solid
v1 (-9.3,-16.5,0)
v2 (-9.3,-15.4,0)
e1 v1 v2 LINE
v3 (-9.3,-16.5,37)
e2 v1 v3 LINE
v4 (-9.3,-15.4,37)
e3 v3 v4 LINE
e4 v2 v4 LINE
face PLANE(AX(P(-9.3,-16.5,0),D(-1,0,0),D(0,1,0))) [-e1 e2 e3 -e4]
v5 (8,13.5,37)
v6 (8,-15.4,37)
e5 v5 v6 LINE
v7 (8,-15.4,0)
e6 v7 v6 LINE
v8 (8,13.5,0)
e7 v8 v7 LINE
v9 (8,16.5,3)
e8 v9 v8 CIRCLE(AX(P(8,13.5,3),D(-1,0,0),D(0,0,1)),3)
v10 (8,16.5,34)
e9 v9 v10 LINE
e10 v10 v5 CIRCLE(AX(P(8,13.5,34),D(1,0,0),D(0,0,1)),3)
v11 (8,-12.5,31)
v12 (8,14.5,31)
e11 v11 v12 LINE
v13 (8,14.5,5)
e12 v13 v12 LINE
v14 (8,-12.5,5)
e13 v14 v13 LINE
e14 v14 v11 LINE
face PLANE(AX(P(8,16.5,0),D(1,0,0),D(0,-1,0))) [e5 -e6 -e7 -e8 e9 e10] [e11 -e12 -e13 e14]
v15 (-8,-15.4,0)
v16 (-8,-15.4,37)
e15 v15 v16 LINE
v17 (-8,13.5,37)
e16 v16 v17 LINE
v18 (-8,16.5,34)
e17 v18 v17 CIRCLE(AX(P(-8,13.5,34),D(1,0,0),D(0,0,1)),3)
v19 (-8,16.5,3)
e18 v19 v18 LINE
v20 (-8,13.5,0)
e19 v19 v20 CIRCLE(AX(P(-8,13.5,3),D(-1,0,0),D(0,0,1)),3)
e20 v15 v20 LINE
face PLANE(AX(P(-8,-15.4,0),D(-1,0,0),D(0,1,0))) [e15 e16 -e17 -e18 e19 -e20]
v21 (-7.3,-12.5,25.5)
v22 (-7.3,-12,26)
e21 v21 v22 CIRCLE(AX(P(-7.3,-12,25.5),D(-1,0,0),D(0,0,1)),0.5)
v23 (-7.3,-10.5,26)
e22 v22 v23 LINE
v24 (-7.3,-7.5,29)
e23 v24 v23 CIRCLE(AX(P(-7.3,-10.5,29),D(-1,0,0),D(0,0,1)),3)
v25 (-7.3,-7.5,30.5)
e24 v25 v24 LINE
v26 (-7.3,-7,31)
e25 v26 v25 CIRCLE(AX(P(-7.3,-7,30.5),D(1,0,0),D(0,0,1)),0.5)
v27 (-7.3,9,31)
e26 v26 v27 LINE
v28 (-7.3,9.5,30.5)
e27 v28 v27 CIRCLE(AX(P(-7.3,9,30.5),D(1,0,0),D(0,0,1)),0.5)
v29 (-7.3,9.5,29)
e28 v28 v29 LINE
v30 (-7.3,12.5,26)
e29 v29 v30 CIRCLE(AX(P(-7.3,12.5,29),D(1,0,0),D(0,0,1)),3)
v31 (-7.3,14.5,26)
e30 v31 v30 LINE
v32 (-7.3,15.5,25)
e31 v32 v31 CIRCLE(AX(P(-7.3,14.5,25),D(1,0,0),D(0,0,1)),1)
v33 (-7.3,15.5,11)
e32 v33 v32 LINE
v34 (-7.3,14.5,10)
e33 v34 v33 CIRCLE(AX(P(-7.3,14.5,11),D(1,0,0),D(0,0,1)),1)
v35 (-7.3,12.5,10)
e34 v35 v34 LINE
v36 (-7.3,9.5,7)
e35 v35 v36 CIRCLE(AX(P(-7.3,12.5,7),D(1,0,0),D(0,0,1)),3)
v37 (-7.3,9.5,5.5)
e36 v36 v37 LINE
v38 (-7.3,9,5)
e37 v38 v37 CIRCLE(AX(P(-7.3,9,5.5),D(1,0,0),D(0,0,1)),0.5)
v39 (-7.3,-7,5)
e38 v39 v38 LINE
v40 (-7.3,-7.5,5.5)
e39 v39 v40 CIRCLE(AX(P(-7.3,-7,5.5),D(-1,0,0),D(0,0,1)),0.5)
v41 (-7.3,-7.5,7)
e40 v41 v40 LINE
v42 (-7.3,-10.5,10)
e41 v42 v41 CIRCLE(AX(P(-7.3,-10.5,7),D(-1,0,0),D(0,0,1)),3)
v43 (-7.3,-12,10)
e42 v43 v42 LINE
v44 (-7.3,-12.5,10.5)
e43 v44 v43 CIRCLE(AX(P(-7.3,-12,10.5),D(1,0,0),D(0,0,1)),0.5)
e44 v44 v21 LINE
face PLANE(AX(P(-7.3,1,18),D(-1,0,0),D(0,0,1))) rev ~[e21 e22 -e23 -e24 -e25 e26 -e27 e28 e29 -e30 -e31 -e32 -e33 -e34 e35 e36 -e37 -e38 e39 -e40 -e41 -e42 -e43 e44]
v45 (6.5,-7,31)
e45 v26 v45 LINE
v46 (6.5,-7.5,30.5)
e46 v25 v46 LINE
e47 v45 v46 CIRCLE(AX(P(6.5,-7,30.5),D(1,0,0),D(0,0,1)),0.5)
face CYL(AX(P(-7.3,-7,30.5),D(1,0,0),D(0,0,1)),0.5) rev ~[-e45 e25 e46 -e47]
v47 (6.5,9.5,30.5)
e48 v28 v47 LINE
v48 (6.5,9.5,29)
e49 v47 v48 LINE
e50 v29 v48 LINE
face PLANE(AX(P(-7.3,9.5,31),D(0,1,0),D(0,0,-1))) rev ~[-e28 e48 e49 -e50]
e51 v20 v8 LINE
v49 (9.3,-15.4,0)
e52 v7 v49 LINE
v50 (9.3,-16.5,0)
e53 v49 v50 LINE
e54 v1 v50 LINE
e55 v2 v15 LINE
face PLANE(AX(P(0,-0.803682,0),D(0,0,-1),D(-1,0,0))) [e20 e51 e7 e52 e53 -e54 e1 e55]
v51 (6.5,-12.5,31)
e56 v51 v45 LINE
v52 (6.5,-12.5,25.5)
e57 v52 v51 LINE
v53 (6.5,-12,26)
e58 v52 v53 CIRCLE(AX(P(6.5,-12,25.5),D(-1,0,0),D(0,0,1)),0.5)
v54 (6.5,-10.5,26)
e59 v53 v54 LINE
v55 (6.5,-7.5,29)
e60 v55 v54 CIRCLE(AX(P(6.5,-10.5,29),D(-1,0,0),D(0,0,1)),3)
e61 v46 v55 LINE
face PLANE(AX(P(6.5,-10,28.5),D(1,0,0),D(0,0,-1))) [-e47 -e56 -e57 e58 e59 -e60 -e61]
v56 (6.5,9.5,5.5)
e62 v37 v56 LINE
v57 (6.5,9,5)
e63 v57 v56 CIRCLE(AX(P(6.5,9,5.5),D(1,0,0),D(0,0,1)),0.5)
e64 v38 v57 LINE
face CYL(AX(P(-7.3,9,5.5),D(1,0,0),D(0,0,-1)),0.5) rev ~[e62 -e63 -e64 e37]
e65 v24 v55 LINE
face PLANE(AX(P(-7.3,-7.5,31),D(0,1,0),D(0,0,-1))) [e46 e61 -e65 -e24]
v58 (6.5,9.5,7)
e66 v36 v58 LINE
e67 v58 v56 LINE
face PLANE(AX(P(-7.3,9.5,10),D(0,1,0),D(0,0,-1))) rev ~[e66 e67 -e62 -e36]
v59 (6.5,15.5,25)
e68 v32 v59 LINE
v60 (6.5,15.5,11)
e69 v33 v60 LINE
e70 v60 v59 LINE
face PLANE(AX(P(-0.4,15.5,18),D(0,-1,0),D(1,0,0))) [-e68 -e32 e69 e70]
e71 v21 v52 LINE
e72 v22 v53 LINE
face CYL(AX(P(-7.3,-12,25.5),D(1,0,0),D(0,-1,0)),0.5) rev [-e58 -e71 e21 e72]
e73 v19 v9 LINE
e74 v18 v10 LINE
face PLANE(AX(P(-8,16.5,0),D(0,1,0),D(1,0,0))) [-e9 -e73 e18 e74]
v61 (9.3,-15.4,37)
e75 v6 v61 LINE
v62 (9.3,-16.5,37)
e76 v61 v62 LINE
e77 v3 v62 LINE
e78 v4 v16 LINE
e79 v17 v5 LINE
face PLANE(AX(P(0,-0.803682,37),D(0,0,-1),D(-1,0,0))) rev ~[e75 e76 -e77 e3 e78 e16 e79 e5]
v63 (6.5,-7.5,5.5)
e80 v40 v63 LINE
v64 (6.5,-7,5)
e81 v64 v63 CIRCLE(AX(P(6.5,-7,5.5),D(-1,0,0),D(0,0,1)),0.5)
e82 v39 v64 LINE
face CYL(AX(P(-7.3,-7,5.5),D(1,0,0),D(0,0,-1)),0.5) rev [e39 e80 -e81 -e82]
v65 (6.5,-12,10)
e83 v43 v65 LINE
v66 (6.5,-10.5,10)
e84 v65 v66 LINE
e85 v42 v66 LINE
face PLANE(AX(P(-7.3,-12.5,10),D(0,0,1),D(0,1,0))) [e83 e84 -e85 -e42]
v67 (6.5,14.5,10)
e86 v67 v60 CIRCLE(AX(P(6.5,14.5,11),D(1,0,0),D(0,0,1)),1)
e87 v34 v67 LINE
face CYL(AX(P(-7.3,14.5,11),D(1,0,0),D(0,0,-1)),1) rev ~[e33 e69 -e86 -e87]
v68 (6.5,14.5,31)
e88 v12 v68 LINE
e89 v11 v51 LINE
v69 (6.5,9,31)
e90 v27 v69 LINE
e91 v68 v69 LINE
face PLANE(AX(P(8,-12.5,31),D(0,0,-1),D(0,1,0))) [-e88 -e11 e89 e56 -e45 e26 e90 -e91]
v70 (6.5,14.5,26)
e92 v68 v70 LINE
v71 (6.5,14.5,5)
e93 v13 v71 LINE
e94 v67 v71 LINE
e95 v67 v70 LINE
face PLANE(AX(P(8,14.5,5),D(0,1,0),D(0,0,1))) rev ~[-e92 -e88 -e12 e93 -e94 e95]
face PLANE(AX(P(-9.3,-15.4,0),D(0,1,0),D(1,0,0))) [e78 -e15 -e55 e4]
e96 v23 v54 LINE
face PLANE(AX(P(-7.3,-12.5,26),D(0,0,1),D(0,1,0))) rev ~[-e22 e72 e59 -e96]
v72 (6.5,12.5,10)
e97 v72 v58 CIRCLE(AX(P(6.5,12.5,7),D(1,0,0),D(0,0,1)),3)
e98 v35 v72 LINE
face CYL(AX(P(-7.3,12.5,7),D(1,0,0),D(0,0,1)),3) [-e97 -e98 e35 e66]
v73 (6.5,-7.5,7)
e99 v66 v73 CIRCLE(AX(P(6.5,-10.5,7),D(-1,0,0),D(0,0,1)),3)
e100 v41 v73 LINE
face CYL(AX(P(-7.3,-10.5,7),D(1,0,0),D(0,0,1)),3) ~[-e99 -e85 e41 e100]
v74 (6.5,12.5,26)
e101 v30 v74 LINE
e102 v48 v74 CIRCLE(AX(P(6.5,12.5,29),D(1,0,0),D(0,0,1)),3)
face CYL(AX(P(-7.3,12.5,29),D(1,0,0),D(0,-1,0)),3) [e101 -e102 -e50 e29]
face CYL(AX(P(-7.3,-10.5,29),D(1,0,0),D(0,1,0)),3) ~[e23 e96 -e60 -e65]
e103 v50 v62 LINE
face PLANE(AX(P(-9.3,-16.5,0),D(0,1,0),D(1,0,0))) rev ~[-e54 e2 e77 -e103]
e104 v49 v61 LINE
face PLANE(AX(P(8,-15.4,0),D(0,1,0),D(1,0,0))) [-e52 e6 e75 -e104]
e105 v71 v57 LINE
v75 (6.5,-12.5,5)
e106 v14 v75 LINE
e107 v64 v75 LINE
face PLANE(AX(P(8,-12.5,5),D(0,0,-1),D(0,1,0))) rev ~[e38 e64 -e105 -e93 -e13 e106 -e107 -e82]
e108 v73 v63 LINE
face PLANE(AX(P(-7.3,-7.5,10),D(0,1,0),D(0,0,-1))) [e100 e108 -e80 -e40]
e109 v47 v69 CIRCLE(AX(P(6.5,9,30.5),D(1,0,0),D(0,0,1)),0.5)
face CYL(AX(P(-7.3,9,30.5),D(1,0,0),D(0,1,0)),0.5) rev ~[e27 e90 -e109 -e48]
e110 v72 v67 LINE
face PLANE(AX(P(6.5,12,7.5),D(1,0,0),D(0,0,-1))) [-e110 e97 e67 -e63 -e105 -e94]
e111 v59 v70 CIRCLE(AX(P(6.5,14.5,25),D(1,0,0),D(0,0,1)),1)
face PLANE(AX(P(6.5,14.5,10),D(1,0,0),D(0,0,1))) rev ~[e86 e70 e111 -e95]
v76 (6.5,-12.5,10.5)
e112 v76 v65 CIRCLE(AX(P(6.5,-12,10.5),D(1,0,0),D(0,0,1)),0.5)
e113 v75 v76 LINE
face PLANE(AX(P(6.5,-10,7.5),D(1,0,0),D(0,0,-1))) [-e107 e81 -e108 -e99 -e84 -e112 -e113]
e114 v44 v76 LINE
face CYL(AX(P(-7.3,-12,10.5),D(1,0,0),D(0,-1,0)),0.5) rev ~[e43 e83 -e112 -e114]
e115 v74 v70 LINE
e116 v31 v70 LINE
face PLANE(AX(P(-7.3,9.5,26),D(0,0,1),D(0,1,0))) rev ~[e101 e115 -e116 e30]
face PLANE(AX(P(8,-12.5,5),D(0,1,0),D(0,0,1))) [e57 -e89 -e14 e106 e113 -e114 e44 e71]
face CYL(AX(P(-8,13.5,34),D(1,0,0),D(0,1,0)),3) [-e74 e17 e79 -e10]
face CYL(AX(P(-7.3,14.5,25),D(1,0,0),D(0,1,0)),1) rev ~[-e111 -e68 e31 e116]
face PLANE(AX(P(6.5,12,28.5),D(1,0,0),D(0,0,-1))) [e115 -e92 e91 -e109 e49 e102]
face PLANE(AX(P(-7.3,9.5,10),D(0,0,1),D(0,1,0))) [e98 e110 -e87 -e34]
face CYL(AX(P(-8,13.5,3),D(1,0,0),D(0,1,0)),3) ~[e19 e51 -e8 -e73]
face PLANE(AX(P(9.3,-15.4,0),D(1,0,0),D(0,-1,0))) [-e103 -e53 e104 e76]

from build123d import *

# Parameters (mm, degrees)
BOSS_EXTRUDE1_DEPTH = 37
SKETCH2_W           = 26
SKETCH2_H           = 27
CUT_EXTRUDE2_DEPTH  = 15.3
SKETCH3_W           = 5
SKETCH3_H           = 5
BOSS_EXTRUDE2_DEPTH = 13.8
FILLET1_R           = 0.5
FILLET2_R           = 3
SKETCH4_W           = 13.8
SKETCH4_H           = 16
CUT_EXTRUDE3_DEPTH  = 1
FILLET3_R           = 1
FILLET4_R           = 3


with BuildPart() as part:
    # Sketch1 → Boss-Extrude1 (new body)
    with BuildSketch(Plane.XY):
        Polygon((-8, -16.5), (-9.3, -16.5), (-9.3, -15.4), (-8, -15.4), (-8, 16.5), (8, 16.5), (8, -15.4), (9.3, -15.4), (9.3, -16.5), (8, -16.5), align=None)
    extrude(amount=BOSS_EXTRUDE1_DEPTH)

    # Sketch2 → Cut-Extrude2 (cut)
    with BuildSketch(Plane.ZY.offset(-8)):
        with Locations((18, 1)):
            Rectangle(SKETCH2_W, SKETCH2_H)
    extrude(amount=CUT_EXTRUDE2_DEPTH, mode=Mode.SUBTRACT)

    # Sketch3 → Boss-Extrude2 (add)
    with BuildSketch(Plane(origin=(-7.3, 0, 0), x_dir=(0, 0, -1), z_dir=(1, 0, 0))):
        with Locations((-28.5, 12)):
            Rectangle(SKETCH3_W, SKETCH3_H)
        with Locations((-7.5, 12)):
            Rectangle(SKETCH3_W, SKETCH3_H)
        with Locations((-7.5, -10)):
            Rectangle(SKETCH3_W, SKETCH3_H)
        with Locations((-28.5, -10)):
            Rectangle(SKETCH3_W, SKETCH3_H)
    extrude(amount=BOSS_EXTRUDE2_DEPTH)

    # Fillet1
    fillet1_edges = [part.edges().sort_by_distance(p)[0] for p in [
        (-0.4, 9.5, 31),
        (-0.4, 9.5, 5),
        (-0.4, -7.5, 31),
        (-0.4, -12.5, 26),
        (-0.4, -7.5, 5),
        (-0.4, -12.5, 10),
    ]]
    fillet(fillet1_edges, radius=FILLET1_R)

    # Fillet2
    fillet2_edges = [part.edges().sort_by_distance(p)[0] for p in [
        (-0.4, 9.5, 26),
        (-0.4, 9.5, 10),
        (-0.4, -7.5, 26),
        (-0.4, -7.5, 10),
    ]]
    fillet(fillet2_edges, radius=FILLET2_R)

    # Sketch4 → Cut-Extrude3 (cut)
    with BuildSketch(Plane.XZ.offset(-14.5)):
        with Locations((-0.4, 18)):
            Rectangle(SKETCH4_W, SKETCH4_H)
    extrude(amount=-CUT_EXTRUDE3_DEPTH, mode=Mode.SUBTRACT)

    # Fillet3
    fillet3_edges = [part.edges().sort_by_distance(p)[0] for p in [
        (-0.4, 15.5, 10),
        (-0.4, 15.5, 26),
    ]]
    fillet(fillet3_edges, radius=FILLET3_R)

    # Fillet4
    fillet4_edges = [part.edges().sort_by_distance(p)[0] for p in [
        (0, 16.5, 0),
        (0, 16.5, 37),
    ]]
    fillet(fillet4_edges, radius=FILLET4_R)


solid = part.part
